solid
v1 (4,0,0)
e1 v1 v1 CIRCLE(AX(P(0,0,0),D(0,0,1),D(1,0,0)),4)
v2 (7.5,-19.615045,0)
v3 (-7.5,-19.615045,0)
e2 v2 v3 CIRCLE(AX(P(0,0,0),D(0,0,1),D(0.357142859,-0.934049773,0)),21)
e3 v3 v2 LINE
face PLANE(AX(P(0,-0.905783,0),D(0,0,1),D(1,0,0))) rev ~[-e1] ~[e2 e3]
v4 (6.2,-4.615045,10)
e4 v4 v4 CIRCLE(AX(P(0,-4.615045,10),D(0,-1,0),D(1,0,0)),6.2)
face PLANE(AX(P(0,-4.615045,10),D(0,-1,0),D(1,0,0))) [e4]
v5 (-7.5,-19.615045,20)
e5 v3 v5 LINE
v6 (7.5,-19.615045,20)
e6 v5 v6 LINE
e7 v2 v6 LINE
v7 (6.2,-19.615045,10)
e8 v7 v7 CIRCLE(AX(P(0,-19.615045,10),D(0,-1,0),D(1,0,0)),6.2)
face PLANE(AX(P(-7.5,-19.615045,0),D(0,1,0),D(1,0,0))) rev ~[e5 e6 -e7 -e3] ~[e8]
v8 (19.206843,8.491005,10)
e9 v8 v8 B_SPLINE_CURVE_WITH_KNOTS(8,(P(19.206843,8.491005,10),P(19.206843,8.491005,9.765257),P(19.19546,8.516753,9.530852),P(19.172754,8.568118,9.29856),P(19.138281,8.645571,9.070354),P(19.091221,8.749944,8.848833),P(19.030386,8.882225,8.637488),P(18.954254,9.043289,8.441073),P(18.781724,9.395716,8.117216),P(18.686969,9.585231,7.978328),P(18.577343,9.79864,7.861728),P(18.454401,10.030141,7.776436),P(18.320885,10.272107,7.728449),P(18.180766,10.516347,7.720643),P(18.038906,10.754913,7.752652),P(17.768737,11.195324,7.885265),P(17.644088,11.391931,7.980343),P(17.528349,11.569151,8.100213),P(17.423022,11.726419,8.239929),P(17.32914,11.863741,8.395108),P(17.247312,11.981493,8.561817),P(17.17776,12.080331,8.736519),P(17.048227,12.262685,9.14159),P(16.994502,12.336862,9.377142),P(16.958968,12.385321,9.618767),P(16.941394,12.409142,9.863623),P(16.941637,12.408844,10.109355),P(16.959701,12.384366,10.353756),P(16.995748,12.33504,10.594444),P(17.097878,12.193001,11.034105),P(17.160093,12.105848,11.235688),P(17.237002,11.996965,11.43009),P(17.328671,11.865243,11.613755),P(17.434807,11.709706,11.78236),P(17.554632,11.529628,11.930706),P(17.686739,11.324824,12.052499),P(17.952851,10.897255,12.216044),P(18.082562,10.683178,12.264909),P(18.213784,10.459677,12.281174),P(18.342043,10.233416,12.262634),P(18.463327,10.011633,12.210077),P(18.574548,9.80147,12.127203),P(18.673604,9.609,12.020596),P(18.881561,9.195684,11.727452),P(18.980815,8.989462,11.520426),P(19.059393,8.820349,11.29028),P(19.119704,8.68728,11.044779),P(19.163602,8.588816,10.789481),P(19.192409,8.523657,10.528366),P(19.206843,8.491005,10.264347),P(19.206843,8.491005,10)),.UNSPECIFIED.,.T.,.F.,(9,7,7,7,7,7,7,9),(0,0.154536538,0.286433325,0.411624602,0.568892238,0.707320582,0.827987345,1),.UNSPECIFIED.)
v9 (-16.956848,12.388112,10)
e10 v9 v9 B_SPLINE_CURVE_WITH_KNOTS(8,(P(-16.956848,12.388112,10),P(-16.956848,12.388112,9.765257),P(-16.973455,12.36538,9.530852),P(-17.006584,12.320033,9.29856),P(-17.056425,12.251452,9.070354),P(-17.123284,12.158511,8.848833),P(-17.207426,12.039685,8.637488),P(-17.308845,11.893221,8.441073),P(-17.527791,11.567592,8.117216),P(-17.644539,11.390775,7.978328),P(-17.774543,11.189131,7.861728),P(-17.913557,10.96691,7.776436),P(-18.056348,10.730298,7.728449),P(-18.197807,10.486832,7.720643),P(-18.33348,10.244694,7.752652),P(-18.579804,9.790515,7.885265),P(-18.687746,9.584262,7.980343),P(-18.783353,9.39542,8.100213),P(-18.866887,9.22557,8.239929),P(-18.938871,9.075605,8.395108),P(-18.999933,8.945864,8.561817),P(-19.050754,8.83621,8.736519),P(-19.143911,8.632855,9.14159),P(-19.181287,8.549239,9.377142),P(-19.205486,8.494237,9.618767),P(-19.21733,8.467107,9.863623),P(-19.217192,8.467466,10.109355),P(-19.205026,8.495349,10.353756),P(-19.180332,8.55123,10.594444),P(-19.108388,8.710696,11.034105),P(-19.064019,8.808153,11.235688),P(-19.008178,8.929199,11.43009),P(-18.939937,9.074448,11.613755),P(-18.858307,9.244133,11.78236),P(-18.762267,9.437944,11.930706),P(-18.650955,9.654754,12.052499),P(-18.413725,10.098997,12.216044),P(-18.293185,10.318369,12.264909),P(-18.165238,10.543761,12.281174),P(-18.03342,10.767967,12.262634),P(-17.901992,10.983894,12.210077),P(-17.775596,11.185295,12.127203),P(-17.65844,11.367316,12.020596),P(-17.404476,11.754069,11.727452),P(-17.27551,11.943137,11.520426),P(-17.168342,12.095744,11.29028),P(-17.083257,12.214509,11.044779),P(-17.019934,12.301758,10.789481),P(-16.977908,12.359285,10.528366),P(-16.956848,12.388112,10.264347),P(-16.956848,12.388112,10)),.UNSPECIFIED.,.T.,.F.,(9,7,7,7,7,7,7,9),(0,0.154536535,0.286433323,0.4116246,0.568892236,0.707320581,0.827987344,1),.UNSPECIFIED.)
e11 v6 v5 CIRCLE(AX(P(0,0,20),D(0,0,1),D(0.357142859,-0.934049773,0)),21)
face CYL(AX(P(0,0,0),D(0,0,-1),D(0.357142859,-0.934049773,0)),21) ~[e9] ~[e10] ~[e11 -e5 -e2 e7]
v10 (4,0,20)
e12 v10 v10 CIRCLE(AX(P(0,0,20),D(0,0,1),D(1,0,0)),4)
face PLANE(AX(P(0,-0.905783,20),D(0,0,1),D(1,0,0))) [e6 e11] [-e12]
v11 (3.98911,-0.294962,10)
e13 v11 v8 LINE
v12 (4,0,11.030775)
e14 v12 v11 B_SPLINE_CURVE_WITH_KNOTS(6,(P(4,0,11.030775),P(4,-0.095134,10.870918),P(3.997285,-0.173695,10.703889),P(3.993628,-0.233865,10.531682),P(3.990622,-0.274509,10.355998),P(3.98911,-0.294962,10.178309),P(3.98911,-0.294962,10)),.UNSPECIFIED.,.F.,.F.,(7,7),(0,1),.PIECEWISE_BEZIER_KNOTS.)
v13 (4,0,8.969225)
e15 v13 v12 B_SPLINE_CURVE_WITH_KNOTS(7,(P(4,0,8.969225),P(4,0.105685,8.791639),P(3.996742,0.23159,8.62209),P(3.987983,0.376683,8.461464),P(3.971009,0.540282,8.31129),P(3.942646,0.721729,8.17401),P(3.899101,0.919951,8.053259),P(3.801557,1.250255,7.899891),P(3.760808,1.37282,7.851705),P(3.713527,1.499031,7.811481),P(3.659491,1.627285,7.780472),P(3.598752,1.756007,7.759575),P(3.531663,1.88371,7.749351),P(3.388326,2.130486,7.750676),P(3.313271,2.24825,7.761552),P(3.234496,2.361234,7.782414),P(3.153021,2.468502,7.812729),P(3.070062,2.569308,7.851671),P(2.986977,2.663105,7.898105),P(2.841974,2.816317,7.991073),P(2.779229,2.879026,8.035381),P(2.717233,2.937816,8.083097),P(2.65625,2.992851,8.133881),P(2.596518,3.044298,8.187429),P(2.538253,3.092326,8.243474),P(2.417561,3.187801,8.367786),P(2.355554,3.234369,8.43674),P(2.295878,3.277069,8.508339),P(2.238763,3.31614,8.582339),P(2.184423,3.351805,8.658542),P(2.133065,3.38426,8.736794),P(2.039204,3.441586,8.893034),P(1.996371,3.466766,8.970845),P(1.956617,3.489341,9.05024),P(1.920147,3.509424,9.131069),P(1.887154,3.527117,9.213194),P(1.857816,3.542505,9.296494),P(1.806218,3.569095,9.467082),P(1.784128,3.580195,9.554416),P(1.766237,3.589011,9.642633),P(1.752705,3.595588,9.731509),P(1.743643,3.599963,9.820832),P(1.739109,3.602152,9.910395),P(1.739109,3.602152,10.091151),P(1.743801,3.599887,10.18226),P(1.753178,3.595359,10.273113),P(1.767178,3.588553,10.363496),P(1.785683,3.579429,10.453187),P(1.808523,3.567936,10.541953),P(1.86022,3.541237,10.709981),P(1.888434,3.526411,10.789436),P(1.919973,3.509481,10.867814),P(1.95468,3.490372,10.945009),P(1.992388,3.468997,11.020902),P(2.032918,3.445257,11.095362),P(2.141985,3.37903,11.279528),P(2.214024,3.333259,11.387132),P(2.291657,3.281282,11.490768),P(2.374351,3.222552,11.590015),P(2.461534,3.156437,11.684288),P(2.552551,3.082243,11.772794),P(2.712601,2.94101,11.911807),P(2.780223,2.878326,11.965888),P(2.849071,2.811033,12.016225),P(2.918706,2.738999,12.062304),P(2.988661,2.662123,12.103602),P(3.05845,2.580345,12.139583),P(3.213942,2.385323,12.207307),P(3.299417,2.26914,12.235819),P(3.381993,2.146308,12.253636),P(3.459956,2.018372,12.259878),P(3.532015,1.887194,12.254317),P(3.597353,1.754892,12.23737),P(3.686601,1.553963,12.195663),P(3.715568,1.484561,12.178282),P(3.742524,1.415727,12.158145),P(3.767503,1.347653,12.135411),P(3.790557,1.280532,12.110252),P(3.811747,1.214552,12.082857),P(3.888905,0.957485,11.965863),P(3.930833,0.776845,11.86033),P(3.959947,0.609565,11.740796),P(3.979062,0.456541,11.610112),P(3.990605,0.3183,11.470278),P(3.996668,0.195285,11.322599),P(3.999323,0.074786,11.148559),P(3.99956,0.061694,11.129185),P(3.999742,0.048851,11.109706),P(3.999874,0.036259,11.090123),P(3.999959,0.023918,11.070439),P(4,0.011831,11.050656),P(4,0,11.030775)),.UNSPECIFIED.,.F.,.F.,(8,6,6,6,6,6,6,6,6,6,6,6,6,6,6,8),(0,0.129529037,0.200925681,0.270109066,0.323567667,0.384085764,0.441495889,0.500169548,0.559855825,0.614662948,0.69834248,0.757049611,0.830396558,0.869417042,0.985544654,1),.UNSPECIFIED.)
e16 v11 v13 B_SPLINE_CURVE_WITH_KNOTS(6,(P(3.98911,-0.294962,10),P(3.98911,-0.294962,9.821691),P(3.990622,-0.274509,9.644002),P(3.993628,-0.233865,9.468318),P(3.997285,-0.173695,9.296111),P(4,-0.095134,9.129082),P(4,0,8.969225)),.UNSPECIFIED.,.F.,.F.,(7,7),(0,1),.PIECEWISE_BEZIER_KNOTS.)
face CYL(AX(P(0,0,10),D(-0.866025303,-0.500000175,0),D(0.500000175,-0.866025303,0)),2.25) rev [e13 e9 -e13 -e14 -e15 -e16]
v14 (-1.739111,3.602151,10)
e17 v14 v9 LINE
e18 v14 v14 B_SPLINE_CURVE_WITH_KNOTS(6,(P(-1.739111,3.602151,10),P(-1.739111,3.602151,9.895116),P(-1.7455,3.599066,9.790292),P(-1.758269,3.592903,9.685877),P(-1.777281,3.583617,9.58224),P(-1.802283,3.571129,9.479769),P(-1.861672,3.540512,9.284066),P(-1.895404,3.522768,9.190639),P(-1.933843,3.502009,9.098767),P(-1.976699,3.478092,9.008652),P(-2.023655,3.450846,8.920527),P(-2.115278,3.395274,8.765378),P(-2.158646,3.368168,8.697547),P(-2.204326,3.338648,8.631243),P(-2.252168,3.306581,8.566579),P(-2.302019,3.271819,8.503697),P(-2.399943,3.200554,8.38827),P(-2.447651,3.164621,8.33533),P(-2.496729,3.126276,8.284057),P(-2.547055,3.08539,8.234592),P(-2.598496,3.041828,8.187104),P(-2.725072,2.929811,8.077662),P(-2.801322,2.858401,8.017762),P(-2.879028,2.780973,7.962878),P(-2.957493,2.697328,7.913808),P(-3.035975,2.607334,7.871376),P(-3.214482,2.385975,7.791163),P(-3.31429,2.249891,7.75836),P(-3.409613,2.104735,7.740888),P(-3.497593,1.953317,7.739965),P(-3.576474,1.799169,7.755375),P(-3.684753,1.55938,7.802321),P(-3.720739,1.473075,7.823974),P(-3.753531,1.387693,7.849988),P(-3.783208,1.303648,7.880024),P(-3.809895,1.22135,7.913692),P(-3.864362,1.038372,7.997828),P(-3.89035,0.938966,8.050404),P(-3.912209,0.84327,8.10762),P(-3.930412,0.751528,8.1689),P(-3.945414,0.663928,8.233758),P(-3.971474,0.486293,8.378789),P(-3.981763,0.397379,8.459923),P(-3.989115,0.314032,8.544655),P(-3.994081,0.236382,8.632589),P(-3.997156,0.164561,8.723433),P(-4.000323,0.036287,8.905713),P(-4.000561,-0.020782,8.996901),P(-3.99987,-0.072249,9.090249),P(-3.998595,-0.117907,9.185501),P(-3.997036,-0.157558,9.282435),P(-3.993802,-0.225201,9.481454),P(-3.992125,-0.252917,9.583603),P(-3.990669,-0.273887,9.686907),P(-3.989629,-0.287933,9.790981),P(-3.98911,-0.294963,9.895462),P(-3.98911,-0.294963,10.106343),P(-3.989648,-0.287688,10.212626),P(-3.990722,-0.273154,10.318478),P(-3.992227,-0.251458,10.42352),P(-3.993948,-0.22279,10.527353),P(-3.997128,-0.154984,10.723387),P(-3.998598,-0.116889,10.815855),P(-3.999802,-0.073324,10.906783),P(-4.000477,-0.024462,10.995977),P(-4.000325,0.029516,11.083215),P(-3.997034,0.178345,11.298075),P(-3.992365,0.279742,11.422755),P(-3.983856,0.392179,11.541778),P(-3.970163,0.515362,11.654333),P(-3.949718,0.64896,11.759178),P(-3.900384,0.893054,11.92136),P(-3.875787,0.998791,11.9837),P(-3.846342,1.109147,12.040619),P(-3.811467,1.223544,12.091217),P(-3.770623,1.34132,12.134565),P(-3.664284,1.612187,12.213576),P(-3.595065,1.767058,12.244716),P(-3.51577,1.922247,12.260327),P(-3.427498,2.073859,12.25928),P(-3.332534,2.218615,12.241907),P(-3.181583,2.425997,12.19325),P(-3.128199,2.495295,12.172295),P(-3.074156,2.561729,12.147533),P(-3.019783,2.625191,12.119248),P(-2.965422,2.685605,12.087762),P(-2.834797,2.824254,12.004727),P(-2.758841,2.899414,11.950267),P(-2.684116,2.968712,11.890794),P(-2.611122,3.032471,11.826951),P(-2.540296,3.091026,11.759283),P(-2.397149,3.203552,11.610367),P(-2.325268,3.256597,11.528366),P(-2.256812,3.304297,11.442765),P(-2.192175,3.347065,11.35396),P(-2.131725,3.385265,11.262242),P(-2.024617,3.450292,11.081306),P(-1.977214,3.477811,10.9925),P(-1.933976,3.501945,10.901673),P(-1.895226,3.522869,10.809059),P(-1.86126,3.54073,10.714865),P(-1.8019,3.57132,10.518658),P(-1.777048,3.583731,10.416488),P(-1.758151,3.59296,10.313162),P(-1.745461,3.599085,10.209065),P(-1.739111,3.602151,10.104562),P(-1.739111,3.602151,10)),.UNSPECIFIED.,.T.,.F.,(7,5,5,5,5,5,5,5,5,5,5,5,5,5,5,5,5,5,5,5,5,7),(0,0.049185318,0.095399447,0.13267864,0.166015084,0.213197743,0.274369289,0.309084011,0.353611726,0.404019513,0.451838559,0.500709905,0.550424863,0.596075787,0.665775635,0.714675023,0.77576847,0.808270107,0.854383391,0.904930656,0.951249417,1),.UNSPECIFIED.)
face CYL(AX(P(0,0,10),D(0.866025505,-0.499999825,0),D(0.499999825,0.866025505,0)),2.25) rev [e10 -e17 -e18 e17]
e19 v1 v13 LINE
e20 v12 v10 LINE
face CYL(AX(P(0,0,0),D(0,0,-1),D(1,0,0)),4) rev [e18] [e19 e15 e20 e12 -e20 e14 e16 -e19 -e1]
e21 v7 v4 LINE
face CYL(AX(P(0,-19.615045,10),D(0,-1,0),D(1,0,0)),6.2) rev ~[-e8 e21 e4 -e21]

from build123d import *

# Parameters (mm, degrees)
SKETCH_R           = 4
PAD_DEPTH          = 20
SKETCH001_R        = 6.2
POCKET_DEPTH       = 15
SKETCH002_R        = 2.25
POCKET001_DEPTH    = 69
POLARPATTERN_COUNT = 2
POLARPATTERN_ANGLE = 120


with BuildPart() as part:
    # Sketch → Pad (new body)
    with BuildSketch(Plane.XY):
        with BuildLine():
            ThreePointArc((7.5, -19.615045), (0, 21), (-7.5, -19.615045))
            Line((-7.5, -19.615045), (7.5, -19.615045))
        make_face()
        Circle(SKETCH_R, mode=Mode.SUBTRACT)
    extrude(amount=PAD_DEPTH)

    # Sketch001 (on DatumPlane) → Pocket (cut)
    with BuildSketch(Plane.XZ.offset(19.615045)):
        with Locations((0, 10)):
            Circle(SKETCH001_R)
    extrude(amount=-POCKET_DEPTH, mode=Mode.SUBTRACT)

    # Sketch002 (on DatumPlane) → Pocket001 (cut)
    with BuildSketch(Plane(origin=(0, 0, 10), x_dir=(0.5, -0.866025, 0), z_dir=(0.866025, 0.5, 0))):
        Circle(SKETCH002_R)
    pocket001 = extrude(amount=POCKET001_DEPTH, mode=Mode.SUBTRACT)

    # PolarPattern: Pocket001 ×2 about axis
    polarpattern_axis = Axis((0, 0, 0), (0, 0, 1))
    for i in range(1, POLARPATTERN_COUNT):
        add(pocket001.rotate(polarpattern_axis, i * POLARPATTERN_ANGLE / (POLARPATTERN_COUNT - 1)), mode=Mode.SUBTRACT)


solid = part.part
